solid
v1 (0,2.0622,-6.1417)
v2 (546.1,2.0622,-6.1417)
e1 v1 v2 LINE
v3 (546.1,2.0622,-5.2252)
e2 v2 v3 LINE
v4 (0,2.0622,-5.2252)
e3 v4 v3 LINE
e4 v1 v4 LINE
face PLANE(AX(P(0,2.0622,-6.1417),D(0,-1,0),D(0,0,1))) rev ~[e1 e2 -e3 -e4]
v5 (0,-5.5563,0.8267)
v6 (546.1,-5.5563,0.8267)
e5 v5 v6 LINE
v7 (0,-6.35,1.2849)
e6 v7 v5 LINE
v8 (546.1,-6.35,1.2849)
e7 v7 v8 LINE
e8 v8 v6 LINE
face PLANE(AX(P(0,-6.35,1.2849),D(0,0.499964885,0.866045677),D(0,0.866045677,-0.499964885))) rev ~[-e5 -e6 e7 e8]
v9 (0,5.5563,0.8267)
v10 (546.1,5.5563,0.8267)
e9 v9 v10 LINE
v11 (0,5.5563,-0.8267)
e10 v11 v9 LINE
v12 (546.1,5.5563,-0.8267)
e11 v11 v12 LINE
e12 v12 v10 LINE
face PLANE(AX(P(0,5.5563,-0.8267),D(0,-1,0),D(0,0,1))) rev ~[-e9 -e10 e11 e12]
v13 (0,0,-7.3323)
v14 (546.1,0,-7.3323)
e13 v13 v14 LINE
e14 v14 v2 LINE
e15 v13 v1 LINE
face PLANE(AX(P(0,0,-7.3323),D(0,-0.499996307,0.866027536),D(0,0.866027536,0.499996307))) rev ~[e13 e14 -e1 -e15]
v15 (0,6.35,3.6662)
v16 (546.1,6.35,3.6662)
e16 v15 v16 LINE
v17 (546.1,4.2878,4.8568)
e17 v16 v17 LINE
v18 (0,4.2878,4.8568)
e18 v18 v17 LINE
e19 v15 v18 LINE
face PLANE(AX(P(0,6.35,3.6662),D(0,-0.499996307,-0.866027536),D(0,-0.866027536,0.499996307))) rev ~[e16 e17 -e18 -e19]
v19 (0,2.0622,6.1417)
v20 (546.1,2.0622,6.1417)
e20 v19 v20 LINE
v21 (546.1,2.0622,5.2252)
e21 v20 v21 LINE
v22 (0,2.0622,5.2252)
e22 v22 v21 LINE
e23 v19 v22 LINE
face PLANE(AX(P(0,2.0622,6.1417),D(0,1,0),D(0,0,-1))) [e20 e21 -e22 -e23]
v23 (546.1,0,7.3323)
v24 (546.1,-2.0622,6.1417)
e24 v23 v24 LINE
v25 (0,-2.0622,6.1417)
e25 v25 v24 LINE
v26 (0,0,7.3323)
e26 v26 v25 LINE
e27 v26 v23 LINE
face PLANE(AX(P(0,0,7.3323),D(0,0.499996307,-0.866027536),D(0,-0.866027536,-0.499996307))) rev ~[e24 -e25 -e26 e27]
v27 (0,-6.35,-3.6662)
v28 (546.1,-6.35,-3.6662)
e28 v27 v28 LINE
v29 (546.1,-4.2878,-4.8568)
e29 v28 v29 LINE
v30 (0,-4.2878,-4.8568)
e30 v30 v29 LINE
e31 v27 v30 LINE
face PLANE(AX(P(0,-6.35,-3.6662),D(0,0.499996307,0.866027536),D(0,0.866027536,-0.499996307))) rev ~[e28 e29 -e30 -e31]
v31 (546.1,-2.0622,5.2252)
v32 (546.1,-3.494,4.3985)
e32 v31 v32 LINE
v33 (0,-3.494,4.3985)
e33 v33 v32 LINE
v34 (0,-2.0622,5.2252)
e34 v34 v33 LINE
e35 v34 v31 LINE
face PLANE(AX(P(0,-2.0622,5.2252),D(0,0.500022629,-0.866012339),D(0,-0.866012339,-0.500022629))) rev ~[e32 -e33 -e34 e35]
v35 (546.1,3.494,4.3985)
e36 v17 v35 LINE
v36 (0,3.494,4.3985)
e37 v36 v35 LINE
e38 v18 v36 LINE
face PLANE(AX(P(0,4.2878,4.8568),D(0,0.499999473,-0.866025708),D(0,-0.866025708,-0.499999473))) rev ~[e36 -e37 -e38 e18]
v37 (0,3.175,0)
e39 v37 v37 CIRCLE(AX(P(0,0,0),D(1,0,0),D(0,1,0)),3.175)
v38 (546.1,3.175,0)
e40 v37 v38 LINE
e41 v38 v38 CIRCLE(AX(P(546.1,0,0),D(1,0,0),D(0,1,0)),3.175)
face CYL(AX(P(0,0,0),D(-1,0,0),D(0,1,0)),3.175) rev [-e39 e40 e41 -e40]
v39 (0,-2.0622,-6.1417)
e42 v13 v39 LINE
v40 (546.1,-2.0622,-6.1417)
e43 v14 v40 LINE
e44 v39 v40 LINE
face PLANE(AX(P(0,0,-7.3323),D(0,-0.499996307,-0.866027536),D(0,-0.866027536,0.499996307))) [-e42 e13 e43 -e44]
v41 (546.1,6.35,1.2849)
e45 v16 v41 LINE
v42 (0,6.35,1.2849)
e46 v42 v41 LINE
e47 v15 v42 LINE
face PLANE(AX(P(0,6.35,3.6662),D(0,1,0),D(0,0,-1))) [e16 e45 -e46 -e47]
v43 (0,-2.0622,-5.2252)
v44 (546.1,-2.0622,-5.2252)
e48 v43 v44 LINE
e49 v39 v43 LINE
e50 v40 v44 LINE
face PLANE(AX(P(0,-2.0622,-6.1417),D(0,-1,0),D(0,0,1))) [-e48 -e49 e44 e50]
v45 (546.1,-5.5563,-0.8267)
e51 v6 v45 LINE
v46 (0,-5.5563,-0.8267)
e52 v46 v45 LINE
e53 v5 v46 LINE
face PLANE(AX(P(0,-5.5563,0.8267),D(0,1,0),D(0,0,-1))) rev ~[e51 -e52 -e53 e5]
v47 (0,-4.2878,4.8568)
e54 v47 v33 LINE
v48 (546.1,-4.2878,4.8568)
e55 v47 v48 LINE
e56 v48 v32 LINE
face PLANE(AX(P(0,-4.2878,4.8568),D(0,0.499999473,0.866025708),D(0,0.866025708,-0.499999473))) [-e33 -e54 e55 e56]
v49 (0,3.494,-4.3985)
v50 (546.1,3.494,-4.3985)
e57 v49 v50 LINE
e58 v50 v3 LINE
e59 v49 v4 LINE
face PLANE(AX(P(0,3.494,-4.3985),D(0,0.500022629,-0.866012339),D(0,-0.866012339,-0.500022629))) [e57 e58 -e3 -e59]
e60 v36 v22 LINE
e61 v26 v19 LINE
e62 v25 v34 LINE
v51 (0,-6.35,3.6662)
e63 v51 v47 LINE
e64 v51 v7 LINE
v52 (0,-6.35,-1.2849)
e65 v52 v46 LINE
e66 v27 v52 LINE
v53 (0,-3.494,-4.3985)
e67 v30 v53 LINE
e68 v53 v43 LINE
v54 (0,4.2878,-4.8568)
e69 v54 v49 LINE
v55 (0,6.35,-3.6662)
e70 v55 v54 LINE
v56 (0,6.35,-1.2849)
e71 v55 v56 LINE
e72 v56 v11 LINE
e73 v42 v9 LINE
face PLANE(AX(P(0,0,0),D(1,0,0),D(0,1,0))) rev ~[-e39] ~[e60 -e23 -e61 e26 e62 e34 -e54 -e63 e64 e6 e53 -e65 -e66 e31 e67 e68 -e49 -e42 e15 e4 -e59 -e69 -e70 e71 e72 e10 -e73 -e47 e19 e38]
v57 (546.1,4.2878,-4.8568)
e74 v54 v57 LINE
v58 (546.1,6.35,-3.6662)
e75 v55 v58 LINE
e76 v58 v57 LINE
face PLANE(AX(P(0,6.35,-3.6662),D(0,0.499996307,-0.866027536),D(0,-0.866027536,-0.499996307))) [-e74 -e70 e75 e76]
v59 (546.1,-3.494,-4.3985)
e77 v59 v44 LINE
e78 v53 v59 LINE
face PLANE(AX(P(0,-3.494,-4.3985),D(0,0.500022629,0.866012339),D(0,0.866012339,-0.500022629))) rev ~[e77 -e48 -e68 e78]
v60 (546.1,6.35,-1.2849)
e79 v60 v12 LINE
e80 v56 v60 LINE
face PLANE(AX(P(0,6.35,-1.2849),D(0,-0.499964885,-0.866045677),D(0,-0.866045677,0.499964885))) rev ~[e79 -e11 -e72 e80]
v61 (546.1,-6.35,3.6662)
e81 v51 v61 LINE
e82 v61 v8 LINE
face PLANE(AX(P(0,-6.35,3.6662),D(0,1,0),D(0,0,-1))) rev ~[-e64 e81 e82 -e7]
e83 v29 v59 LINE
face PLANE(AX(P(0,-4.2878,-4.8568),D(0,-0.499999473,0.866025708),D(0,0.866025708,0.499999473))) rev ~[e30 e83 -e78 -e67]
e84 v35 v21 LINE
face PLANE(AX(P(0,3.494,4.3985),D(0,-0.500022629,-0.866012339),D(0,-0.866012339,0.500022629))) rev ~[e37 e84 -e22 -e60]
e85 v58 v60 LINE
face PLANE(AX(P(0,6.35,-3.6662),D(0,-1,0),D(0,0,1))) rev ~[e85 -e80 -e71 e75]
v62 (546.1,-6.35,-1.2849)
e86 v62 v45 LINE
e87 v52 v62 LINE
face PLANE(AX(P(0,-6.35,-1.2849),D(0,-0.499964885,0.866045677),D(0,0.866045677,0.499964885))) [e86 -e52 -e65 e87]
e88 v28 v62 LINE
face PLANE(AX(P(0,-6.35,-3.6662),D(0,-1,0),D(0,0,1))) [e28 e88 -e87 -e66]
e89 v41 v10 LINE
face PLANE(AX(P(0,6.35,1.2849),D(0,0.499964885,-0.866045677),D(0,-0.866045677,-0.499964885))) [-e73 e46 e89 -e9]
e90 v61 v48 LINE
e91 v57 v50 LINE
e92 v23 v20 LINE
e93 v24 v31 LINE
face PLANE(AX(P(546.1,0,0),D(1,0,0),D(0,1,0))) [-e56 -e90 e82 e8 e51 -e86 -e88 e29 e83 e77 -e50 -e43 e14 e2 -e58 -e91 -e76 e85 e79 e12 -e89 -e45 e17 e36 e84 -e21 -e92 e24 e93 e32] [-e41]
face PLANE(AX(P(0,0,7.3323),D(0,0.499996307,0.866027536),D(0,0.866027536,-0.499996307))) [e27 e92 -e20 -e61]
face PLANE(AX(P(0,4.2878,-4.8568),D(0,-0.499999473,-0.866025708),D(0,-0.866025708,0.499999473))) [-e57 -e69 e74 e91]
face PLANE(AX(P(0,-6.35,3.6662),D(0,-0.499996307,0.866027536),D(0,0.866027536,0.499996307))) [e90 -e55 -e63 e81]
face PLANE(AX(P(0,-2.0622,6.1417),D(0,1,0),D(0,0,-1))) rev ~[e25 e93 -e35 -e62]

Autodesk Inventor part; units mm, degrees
ref_plane "YZ Plane" through (0, 0, 0) normal (1, 0, 0) x (0, 1, 0)
ref_plane "XZ Plane" through (0, 0, 0) normal (0, 1, 0) x (-1, 0, 0)
ref_plane "XY Plane" through (0, 0, 0) normal (0, 0, 1) x (1, 0, 0)
sketch "Sketch1" plane through (0, 0, 0) normal (1, 0, 0) x (0, 1, 0)
  line L0 (6.35, 3.6662) -> (6.35, -3.6662) construction
  line L1 (6.35, -3.6662) -> (0, -7.3323) construction
  line L2 (0, -7.3323) -> (-6.35, -3.6662) construction
  line L3 (-6.35, -3.6662) -> (-6.35, 3.6662) construction
  line L4 (-6.35, 3.6662) -> (0, 7.3323) construction
  line L5 (0, 7.3323) -> (6.35, 3.6662) construction
  line L6 (5.5563, -3.2079) -> (5.5563, 3.2079) construction
  line L7 (5.5563, 3.2079) -> (0, 6.4158) construction
  line L8 (0, 6.4158) -> (-5.5563, 3.2079) construction
  line L9 (-5.5563, 3.2079) -> (-5.5563, -3.2079) construction
  line L10 (-5.5563, -3.2079) -> (0, -6.4158) construction
  line L11 (0, -6.4158) -> (5.5563, -3.2079) construction
  line L12 (6.35, 3.6662) -> (6.35, 1.2849)
  line L13 (6.35, 3.6662) -> (4.2878, 4.8568)
  line L14 (6.35, -3.6662) -> (6.35, -1.2849)
  line L15 (6.35, -3.6662) -> (4.2878, -4.8568)
  line L16 (0, -7.3323) -> (2.0622, -6.1417)
  line L17 (0, -7.3323) -> (-2.0622, -6.1417)
  line L18 (-6.35, -3.6662) -> (-4.2878, -4.8568)
  line L19 (-6.35, -3.6662) -> (-6.35, -1.2849)
  line L20 (-6.35, 3.6662) -> (-6.35, 1.2849)
  line L21 (-6.35, 3.6662) -> (-4.2878, 4.8568)
  line L22 (0, 7.3323) -> (2.0622, 6.1417)
  line L23 (0, 7.3323) -> (-2.0622, 6.1417)
  line L24 (6.35, 1.2849) -> (5.5563, 0.8267)
  line L25 (6.35, 1.2849) -> (7.2665, 1.2849) construction
  line L26 (6.35, -1.2849) -> (5.5563, -0.8267)
  line L27 (6.35, -1.2849) -> (7.2665, -1.2849) construction
  line L28 (5.5563, -0.8267) -> (5.5563, 0.8267)
  line L29 (4.2878, -4.8568) -> (3.494, -4.3985)
  line L30 (4.2878, -4.8568) -> (5.2043, -4.8568) construction
  line L31 (2.0622, -6.1417) -> (2.0622, -5.2252)
  line L32 (2.0622, -6.1417) -> (2.9788, -6.1417) construction
  line L33 (-2.0622, -6.1417) -> (-2.0622, -5.2252)
  line L34 (-2.0622, -6.1417) -> (-1.1457, -6.1417) construction
  line L35 (3.494, -4.3985) -> (2.0622, -5.2252)
  line L36 (-4.2878, -4.8568) -> (-3.494, -4.3985)
  line L37 (-4.2878, -4.8568) -> (-3.3712, -4.8568) construction
  line L38 (-3.494, -4.3985) -> (-2.0622, -5.2252)
  line L39 (-6.35, -1.2849) -> (-5.5563, -0.8267)
  line L40 (-6.35, -1.2849) -> (-5.4335, -1.2849) construction
  line L41 (-6.35, 1.2849) -> (-5.5563, 0.8267)
  line L42 (-6.35, 1.2849) -> (-5.4335, 1.2849) construction
  line L43 (-5.5563, 0.8267) -> (-5.5563, -0.8267)
  line L44 (-4.2878, 4.8568) -> (-3.494, 4.3985)
  line L45 (-4.2878, 4.8568) -> (-3.3712, 4.8568) construction
  line L46 (-2.0622, 6.1417) -> (-2.0622, 5.2252)
  line L47 (-2.0622, 6.1417) -> (-1.1457, 6.1417) construction
  line L48 (-2.0622, 5.2252) -> (-3.494, 4.3985)
  line L49 (2.0622, 6.1417) -> (2.0622, 5.2252)
  line L50 (2.0622, 6.1417) -> (2.9788, 6.1417) construction
  line L51 (4.2878, 4.8568) -> (3.494, 4.3985)
  line L52 (4.2878, 4.8568) -> (5.2043, 4.8568) construction
  line L53 (3.494, 4.3985) -> (2.0622, 5.2252)
  circle A0 centre (0, 0) radius 3.175
  dimension "d0" = 12.7
  dimension "d1" = 12.7
  dimension "d2" = 12.7
  dimension "d3" = 120
  dimension "d4" = 120
  dimension "d5" = 6.35
  dimension "d6" = 6.35
  dimension "d7" = 6.35
  dimension "d11" = 0.7937
  dimension "d12" = 2.3813
  dimension "d13" = 2.3813
  dimension "d14" = 2.3813
  dimension "d15" = 2.3813
  dimension "d16" = 2.3813
  dimension "d17" = 2.3813
  dimension "d18" = 2.3813
  dimension "d19" = 2.3813
  dimension "d20" = 2.3813
  dimension "d21" = 2.3813
  dimension "d22" = 2.3813
  dimension "d23" = 2.3813
  dimension "d24" = 150
  dimension "d25" = 150
  dimension "d26" = 150
  dimension "d27" = 90
  dimension "d28" = 90
  dimension "d29" = 30
  dimension "d30" = 30
  dimension "d31" = 30
  dimension "d32" = 30
  dimension "d33" = 90
  dimension "d34" = 90
  dimension "d35" = 150
  dimension "d36" = 6.35
extrude "Extrusion1" add sketch "Sketch1" along normal blind 546.1
properties part number "churro_long" material "Aluminum 6061"
